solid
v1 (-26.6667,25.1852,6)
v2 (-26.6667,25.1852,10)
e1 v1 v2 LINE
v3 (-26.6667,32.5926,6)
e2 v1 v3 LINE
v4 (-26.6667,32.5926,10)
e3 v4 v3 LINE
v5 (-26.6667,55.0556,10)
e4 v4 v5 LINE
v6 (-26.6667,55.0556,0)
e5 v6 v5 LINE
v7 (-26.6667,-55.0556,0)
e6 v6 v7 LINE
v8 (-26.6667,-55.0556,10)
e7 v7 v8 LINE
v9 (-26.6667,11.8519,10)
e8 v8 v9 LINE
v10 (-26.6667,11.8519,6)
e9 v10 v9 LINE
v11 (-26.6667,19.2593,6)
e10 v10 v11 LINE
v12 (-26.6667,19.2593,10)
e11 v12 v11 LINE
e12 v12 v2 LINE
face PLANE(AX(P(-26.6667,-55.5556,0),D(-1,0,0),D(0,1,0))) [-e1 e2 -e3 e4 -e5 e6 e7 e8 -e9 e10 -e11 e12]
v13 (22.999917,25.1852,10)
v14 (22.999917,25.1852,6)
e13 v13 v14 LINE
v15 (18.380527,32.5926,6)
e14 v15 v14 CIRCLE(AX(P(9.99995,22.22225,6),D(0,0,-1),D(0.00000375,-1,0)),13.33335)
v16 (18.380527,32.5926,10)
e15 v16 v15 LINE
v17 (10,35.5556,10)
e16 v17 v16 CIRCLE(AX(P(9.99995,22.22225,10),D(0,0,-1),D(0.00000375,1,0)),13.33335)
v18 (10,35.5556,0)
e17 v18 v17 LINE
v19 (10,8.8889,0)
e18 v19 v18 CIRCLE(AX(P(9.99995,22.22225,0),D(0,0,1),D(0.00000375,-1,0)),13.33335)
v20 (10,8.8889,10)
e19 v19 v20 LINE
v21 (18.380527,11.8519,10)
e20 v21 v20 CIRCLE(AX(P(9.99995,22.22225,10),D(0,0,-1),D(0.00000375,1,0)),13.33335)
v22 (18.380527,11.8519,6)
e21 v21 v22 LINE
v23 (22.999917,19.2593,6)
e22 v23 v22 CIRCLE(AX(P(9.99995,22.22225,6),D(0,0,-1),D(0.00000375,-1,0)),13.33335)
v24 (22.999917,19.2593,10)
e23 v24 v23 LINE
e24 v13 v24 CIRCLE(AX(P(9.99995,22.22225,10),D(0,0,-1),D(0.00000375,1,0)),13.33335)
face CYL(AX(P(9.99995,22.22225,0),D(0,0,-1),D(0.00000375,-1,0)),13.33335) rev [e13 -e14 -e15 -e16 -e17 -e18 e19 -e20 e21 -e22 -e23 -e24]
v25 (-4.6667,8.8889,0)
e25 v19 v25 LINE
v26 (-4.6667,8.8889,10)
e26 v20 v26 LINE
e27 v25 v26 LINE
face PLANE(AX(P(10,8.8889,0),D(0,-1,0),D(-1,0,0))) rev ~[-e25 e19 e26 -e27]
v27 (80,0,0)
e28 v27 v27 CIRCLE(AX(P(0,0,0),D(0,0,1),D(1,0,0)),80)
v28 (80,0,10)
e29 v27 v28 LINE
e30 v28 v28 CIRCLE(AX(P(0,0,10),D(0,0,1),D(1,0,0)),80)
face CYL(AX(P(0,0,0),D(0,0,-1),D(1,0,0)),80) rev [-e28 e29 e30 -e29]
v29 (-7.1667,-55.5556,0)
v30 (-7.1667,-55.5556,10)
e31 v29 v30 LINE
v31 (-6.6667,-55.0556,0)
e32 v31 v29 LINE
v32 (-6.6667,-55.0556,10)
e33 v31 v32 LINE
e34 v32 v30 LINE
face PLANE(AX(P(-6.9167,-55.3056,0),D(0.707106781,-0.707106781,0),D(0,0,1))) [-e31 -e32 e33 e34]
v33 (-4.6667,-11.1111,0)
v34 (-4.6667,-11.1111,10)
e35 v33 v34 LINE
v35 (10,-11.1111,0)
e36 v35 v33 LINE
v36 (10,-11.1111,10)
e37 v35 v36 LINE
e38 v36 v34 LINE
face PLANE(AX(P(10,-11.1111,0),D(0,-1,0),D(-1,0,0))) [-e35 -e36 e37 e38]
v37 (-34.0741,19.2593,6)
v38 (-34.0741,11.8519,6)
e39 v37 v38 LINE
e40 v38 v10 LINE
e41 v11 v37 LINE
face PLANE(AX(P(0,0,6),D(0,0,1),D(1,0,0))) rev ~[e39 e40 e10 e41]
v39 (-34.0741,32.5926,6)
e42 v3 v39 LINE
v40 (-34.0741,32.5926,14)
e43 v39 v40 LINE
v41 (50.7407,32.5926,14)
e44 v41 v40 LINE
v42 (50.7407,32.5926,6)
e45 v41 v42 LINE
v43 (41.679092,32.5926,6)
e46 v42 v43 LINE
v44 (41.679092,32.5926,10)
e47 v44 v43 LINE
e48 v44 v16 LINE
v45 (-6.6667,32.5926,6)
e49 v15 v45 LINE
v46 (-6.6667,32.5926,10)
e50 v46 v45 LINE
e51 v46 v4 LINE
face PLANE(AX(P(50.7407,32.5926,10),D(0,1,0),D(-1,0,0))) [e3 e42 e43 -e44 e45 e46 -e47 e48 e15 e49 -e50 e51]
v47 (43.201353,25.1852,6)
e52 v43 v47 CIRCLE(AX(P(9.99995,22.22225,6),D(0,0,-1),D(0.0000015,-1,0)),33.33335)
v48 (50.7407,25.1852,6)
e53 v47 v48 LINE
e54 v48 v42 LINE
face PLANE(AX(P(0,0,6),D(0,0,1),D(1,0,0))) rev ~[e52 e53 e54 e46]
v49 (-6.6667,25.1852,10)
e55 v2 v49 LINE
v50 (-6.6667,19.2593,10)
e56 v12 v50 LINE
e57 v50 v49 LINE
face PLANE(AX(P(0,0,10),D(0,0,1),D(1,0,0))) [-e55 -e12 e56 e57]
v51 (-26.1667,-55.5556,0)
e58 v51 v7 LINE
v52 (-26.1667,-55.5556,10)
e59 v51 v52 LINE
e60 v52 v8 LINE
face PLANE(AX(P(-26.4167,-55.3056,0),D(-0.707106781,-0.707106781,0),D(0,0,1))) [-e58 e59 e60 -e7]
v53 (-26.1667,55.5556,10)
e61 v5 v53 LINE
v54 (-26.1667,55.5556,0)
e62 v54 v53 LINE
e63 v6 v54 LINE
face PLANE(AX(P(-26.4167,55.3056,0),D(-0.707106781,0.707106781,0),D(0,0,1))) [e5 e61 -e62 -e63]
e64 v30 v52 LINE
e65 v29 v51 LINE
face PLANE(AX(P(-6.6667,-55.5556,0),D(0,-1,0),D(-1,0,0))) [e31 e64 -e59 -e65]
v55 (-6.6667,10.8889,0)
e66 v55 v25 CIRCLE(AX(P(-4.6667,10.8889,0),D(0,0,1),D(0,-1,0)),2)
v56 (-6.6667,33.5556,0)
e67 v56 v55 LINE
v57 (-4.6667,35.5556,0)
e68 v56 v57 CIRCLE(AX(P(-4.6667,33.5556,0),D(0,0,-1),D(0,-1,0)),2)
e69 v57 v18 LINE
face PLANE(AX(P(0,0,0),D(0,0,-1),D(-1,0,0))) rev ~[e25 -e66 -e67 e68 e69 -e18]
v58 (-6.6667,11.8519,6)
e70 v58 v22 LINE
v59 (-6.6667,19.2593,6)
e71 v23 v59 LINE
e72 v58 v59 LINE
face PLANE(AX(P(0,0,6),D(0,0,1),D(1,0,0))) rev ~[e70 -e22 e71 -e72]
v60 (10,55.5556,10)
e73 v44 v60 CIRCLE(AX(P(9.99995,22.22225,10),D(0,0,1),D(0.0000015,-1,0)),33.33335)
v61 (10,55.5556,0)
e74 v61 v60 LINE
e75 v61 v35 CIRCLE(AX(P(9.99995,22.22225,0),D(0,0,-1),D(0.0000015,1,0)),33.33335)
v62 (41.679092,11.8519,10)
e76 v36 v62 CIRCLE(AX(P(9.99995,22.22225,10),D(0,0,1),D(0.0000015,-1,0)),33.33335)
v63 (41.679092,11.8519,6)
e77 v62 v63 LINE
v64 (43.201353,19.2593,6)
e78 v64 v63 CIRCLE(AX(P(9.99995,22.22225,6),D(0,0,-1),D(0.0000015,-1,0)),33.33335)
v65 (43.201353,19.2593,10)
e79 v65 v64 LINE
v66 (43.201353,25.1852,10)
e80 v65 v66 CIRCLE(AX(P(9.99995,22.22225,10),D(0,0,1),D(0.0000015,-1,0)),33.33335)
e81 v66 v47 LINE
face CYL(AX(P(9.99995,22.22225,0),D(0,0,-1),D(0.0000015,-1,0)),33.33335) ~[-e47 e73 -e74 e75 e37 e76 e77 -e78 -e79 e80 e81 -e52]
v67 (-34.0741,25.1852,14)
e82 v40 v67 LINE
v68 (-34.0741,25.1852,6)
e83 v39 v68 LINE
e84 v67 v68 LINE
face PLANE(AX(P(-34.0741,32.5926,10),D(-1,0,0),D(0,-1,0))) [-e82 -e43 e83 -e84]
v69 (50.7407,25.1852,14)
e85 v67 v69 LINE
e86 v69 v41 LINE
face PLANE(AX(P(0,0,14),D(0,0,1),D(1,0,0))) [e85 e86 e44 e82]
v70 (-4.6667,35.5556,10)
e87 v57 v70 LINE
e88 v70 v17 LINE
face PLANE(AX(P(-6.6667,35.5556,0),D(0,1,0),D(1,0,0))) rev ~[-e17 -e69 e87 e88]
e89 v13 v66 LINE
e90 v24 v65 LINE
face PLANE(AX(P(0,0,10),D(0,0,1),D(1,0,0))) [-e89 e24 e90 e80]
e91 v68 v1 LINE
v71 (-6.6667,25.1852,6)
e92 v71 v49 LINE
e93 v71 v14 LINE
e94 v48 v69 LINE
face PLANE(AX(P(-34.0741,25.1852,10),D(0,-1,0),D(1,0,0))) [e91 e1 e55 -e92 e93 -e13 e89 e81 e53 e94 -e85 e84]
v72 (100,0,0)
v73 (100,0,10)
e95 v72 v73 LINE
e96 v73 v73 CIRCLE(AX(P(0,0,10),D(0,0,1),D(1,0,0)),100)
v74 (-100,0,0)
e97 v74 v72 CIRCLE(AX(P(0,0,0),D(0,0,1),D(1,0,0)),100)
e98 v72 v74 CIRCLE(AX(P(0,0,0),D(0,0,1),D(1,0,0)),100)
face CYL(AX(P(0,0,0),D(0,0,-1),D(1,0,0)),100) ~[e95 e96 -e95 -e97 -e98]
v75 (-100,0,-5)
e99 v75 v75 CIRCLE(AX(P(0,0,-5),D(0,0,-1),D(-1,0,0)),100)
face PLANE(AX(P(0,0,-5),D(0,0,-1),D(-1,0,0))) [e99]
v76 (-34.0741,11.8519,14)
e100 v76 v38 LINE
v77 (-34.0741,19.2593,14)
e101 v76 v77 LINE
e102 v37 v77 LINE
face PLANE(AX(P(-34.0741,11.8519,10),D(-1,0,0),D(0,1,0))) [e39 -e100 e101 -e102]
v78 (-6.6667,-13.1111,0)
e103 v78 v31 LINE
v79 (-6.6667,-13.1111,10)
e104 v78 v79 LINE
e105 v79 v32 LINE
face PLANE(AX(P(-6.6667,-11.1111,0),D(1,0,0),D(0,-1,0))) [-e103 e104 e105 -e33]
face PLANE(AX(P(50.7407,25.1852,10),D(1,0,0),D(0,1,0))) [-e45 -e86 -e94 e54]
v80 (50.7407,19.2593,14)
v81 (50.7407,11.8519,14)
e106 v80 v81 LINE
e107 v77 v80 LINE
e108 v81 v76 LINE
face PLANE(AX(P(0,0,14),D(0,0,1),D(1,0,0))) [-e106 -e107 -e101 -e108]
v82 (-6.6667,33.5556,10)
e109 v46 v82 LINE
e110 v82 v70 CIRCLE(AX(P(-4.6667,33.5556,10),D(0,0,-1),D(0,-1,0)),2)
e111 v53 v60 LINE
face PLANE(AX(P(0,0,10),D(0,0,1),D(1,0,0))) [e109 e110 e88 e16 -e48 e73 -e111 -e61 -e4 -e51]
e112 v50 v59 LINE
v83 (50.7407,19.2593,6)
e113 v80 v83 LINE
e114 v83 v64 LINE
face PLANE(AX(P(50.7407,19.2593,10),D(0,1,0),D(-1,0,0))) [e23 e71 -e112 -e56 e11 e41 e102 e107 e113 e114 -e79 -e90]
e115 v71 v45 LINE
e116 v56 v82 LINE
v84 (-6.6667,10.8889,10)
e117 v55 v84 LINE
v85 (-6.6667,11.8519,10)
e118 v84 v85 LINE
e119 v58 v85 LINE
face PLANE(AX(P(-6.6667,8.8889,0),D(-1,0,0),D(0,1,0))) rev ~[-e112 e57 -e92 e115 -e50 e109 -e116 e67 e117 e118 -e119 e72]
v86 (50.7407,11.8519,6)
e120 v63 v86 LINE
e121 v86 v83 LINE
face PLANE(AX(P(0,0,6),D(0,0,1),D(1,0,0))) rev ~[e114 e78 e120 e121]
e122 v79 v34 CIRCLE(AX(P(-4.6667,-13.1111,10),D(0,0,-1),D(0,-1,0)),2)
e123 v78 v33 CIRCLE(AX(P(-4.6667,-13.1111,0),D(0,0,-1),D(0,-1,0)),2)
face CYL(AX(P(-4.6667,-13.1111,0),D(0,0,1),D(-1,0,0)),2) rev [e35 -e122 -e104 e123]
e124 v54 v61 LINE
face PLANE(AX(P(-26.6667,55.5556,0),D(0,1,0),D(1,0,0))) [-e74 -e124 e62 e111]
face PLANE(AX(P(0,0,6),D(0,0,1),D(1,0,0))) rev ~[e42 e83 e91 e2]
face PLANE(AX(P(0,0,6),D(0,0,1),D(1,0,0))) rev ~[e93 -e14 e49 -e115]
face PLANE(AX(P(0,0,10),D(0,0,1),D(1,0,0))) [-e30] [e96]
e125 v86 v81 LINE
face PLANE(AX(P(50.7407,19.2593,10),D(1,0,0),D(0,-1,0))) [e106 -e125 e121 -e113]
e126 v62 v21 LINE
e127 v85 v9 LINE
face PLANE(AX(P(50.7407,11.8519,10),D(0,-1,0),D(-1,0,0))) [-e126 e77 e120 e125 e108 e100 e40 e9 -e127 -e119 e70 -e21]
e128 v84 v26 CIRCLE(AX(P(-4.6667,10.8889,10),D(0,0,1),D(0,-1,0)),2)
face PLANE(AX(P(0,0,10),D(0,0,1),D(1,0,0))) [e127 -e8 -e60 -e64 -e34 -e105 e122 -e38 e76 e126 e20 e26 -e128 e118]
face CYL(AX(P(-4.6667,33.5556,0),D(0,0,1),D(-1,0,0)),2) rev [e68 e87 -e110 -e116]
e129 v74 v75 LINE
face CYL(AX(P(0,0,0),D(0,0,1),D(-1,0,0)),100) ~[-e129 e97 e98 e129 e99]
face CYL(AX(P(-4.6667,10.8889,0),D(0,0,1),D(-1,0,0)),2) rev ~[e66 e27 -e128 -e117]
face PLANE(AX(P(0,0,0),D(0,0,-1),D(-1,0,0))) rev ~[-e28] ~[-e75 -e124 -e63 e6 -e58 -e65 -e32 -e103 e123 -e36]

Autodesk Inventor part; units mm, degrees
ref_plane "YZ Plane" through (0, 0, 0) normal (1, 0, 0) x (0, 1, 0)
ref_plane "XZ Plane" through (0, 0, 0) normal (0, 1, 0) x (-1, 0, 0)
ref_plane "XY Plane" through (0, 0, 0) normal (0, 0, 1) x (1, 0, 0)
sketch "Sketch1" plane through (0, 0, 0) normal (0, 0, 1) x (1, 0, 0)
  circle A0 centre (0, 0) radius 100
  circle A1 centre (0, 0) radius 80
  line L0 (-26.6667, -55.5556) -> (-26.6667, 55.5556)
  line L1 (-26.6667, 55.5556) -> (10, 55.5556)
  arc A2 (10, -11.1111) -> (10, 55.5556) centre (10, 22.2222) ccw
  line L2 (10, -11.1111) -> (-6.6667, -11.1111)
  line L3 (-6.6667, -11.1111) -> (-6.6667, -55.5556)
  line L4 (-6.6667, -55.5556) -> (-26.6667, -55.5556)
  line L5 (-6.6667, 35.5556) -> (10, 35.5556)
  arc A3 (10, 8.8889) -> (10, 35.5556) centre (10, 22.2222) ccw
  line L6 (10, 8.8889) -> (-6.6667, 8.8889)
  line L7 (-6.6667, 8.8889) -> (-6.6667, 35.5556)
  line L8 (-34.0741, 11.8519) -> (50.7407, 11.8519)
  line L9 (50.7407, 11.8519) -> (50.7407, 19.2593)
  line L10 (50.7407, 19.2593) -> (-34.0741, 19.2593)
  line L11 (-34.0741, 19.2593) -> (-34.0741, 11.8519)
  line L12 (-34.0741, 25.1852) -> (50.7407, 25.1852)
  line L13 (50.7407, 25.1852) -> (50.7407, 32.5926)
  line L14 (50.7407, 32.5926) -> (-34.0741, 32.5926)
  line L15 (-34.0741, 32.5926) -> (-34.0741, 25.1852)
  line L16 (1.6667, 8.8889) -> (1.6667, 32.5926) construction
  line L17 (1.6667, 35.5556) -> (1.6667, 11.8519) construction
  line L18 (0, 80) -> (0, 55.5556) construction
  line L19 (0, -80) -> (0, -11.1111) construction
  line L20 (-26.6667, 0) -> (0, 0) construction
  line L21 (50.7407, 25.1852) -> (50.7407, 19.2593) construction
  line L22 (50.7407, 22.2222) -> (10, 22.2222) construction
  line L23 (43.3333, 22.2222) -> (50.7407, 22.2222) construction
  point P0 (0, -45.5556)
  dimension "d0" = 20
  dimension "d1" = 200
  dimension "d2" = 20
  dimension "d3" = 20
  dimension "d4" = 7.4074
  dimension "d5" = 111.1111
  dimension "d6" = 2.963
  dimension "d7" = 7.4074
  dimension "d12" = 7.4074
  dimension "d50" = 44.4444
  dimension "d52" = 10
  dimension "d53" = 30
extrude "Extrusion1" add sketch "Sketch1" along normal blind 10 contours A0 | L0 L8 L7 L6 A3 A2 L2 L3 L4 | L0 L10 L7 L8 | L0 L12 L7 L10 | L0 L14 L7 L12 | A3 L10 A2 L8 | L0 L1 A2 L14 A3 L5 L7 | A3 L12 A2 L10 | A3 L14 A2 L12
sketch "Sketch2" plane through (0, 0, 10) normal (0, 0, 1) x (1, 0, 0)
  line L0 (-34.0741, 25.1852) -> (50.7407, 25.1852) projected
  line L1 (50.7407, 32.5926) -> (-34.0741, 32.5926) projected
  line L2 (50.7407, 25.1852) -> (50.7407, 32.5926) projected
  line L3 (-34.0741, 32.5926) -> (-34.0741, 25.1852) projected
  line L4 (50.7407, 19.2593) -> (-34.0741, 19.2593) projected
  line L5 (-34.0741, 19.2593) -> (-34.0741, 11.8519) projected
  line L6 (-34.0741, 11.8519) -> (50.7407, 11.8519) projected
  line L7 (50.7407, 11.8519) -> (50.7407, 19.2593) projected
  point P0 (0, 0)
extrude "Extrusion2" add sketch "Sketch2" against normal blind 4
sketch "Sketch3" plane through (0, 0, 0) normal (0, 0, -1) x (-1, 0, 0)
  circle A0 centre (0, 0) radius 100 projected
extrude "Extrusion3" add sketch "Sketch3" along normal blind 5
fillet "Fillet2" radius 2 2 edges at (-6.6667, 8.8889, 5) (-6.6667, 35.5556, 5)
fillet "Fillet3" radius 2 1 edges at (-6.6667, -11.1111, 5)
chamfer "Chamfer1" distance 0.5 angle 45 3 edges at (-26.6667, 55.5556, 5) (-26.6667, -55.5556, 5) (-6.6667, -55.5556, 5)
sketch "Sketch6" plane through (0, 0, 10) normal (0, 0, 1) x (1, 0, 0)
  line L0 (50.7407, 32.5926) -> (-34.0741, 32.5926)
  line L1 (-34.0741, 32.5926) -> (-34.0741, 25.1852)
  line L2 (-34.0741, 25.1852) -> (50.7407, 25.1852)
  line L3 (50.7407, 25.1852) -> (50.7407, 32.5926)
  line L4 (-34.0741, 19.2593) -> (50.7407, 19.2593)
  line L5 (50.7407, 19.2593) -> (50.7407, 11.8519)
  line L6 (50.7407, 11.8519) -> (-34.0741, 11.8519)
  line L7 (-34.0741, 11.8519) -> (-34.0741, 19.2593)
  point P0 (0, 0)
extrude "Extrusion5" add sketch "Sketch6" along normal blind 4
equation "\"d0\" = 0.1 * d1"
equation "\"d2\" = d0"
equation "\"d3\" = d2"
equation "\"d4\" = 0.0666667 * d5"
equation "\"d5\" = 0.555556 * d1"
equation "\"d6\" = 0.4 * d4"
equation "\"d7\" = d4"
equation "\"d12\" = d4"
equation "\"d50\" = 0.4 * d5"
equation "\"d52\" = 0.5 * d0"
equation "\"d53\" = 3 * d52"
properties part number "PennyKoin-3D-Inventor"
